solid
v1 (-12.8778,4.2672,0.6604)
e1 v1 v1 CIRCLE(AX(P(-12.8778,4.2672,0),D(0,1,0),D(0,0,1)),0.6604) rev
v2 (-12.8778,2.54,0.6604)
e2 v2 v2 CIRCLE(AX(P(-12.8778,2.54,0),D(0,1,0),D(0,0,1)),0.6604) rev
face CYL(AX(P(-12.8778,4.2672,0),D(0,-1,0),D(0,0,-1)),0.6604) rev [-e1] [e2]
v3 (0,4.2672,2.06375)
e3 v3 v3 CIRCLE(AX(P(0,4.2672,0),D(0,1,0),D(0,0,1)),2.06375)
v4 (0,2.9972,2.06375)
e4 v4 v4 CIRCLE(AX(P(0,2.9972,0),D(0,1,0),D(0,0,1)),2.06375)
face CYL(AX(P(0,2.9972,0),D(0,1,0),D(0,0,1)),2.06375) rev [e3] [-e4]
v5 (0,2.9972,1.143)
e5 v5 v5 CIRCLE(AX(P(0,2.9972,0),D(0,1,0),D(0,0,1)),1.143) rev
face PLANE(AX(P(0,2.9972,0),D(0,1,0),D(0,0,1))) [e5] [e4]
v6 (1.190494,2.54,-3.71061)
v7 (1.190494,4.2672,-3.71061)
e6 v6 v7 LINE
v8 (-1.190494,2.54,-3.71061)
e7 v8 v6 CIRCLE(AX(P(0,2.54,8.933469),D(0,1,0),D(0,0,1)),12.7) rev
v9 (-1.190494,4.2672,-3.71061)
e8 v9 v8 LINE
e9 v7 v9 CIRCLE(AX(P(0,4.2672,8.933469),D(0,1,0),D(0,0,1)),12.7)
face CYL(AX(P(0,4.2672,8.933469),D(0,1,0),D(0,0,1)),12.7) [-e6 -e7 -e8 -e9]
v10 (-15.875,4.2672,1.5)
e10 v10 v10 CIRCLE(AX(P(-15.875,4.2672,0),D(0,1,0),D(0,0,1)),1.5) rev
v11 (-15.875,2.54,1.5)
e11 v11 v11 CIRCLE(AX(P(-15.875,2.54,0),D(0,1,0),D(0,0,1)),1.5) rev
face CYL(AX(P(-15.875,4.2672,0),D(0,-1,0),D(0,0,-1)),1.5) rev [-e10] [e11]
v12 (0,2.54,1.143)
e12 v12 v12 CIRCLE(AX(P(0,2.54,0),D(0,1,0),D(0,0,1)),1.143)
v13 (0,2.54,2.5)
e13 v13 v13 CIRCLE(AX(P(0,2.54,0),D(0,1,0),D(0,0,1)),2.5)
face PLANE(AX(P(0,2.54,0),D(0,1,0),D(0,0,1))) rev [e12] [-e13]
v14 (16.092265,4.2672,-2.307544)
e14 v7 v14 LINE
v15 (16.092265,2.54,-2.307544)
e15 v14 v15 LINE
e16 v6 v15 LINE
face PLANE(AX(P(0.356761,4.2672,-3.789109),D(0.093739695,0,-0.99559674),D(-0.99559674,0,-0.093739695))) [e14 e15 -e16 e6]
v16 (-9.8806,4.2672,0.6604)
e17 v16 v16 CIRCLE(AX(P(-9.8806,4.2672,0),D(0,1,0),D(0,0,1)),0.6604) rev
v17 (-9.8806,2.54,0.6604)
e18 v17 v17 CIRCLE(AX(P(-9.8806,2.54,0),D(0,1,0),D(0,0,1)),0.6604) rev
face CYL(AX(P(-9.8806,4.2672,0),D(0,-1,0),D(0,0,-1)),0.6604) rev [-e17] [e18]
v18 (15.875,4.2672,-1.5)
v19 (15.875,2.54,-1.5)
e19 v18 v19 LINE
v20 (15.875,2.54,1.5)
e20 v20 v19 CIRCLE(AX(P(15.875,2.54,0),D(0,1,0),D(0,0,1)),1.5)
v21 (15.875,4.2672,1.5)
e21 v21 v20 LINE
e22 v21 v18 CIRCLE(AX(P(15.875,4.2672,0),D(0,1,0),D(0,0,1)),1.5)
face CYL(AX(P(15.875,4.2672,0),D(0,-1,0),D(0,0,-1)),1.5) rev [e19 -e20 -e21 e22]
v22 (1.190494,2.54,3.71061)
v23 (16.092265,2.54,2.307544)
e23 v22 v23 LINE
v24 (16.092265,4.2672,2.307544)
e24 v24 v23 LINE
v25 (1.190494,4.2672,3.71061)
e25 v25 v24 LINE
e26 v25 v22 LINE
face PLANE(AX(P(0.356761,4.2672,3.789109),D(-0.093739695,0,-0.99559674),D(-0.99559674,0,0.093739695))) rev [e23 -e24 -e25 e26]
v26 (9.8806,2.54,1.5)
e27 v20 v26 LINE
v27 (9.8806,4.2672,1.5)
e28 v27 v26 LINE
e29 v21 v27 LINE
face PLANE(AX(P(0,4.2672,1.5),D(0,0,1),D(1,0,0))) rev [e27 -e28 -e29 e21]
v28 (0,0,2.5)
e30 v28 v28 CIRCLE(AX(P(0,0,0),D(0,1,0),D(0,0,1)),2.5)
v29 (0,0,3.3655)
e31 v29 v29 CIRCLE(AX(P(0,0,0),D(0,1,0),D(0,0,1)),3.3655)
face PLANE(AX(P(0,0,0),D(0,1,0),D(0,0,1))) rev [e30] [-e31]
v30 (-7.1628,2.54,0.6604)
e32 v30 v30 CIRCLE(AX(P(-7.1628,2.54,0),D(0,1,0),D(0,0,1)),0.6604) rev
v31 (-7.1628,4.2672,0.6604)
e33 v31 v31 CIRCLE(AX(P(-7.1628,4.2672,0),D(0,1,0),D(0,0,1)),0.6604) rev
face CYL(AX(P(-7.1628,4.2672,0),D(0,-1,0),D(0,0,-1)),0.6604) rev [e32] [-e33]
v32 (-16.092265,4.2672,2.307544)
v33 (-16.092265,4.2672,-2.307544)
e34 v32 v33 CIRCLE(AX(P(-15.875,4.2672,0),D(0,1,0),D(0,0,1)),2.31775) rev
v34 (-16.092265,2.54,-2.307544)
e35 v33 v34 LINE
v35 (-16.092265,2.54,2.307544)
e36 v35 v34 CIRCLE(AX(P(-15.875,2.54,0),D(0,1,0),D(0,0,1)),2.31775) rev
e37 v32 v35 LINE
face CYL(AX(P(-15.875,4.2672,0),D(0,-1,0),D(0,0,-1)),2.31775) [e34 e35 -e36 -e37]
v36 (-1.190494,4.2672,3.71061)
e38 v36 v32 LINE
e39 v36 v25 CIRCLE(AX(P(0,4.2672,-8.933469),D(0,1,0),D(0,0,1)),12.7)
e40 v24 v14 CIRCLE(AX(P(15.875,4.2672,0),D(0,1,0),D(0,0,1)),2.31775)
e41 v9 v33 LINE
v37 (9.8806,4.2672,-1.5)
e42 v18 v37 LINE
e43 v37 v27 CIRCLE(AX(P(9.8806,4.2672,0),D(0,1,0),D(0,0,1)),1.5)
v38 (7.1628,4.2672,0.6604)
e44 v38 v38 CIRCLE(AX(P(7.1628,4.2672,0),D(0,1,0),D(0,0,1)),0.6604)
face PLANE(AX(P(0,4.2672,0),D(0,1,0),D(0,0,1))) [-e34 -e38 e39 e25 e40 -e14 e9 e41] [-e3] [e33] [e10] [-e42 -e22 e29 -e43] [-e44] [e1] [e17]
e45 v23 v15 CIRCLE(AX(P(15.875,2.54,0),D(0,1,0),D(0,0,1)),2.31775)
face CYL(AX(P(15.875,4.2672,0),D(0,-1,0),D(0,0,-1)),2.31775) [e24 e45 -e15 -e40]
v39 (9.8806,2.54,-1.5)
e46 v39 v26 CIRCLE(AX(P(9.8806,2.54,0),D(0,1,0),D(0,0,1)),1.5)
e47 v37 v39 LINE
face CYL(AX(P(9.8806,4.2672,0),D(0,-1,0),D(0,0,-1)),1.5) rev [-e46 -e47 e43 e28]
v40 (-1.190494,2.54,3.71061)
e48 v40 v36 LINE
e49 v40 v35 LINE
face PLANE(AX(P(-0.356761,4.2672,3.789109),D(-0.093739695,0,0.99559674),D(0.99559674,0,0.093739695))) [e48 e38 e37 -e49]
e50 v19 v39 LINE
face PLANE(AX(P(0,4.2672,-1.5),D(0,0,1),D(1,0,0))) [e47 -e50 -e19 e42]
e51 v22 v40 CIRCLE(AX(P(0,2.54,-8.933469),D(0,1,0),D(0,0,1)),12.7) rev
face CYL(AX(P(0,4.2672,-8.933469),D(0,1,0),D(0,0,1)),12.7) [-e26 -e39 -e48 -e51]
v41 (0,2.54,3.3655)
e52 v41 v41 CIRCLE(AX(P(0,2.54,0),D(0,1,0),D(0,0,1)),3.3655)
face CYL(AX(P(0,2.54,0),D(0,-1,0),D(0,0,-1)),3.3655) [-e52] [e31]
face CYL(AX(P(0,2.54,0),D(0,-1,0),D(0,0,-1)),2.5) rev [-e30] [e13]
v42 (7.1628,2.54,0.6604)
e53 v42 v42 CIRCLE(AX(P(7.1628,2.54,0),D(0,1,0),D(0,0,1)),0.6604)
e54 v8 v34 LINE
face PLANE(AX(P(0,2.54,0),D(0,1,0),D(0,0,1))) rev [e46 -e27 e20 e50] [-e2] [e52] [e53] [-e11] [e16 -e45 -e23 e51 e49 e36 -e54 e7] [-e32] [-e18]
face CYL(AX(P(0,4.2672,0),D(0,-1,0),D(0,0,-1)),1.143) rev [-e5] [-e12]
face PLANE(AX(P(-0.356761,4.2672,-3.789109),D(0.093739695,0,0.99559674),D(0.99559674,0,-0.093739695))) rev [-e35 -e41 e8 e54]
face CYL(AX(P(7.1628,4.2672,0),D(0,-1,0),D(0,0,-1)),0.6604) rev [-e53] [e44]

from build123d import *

# Parameters (mm, degrees)
SKETCH1_R           = 3.3655
SKETCH1_R_2         = 2.5
BOSS_EXTRUDE1_DEPTH = 2.54
SKETCH2_R           = 1.143
SKETCH2_R_2         = 0.6604
SKETCH2_R_3         = 1.5
BOSS_EXTRUDE2_DEPTH = 1.7272
FILLET1_R           = 12.7
CUT_EXTRUDE1_START  = -1.27
SKETCH3_R           = 2.06375
SKETCH3_R_2         = 1.143
CUT_EXTRUDE1_DEPTH  = 1.27


with BuildPart() as part:
    # Sketch1 → Boss-Extrude1 (new body)
    with BuildSketch(Plane(origin=(0, 0, 0), x_dir=(1, 0, 0), z_dir=(0, 1, 0))):
        with Locations(Location((0, 0, 0), (0, 0, 270))):
            Circle(SKETCH1_R)
        with Locations(Location((0, 0, 0), (0, 0, 270))):
            Circle(SKETCH1_R_2, mode=Mode.SUBTRACT)
    extrude(amount=BOSS_EXTRUDE1_DEPTH)

    # Sketch2 → Boss-Extrude2 (add)
    with BuildSketch(Plane(origin=(0, 2.54, 0), x_dir=(1, 0, 0), z_dir=(0, 1, 0))):
        with BuildLine():
            Line((0, 3.8227), (-16.092265178, 2.307544345))
            ThreePointArc((-16.092265178, 2.307544345), (-18.19275, 0), (-16.092265178, -2.307544345))
            Line((-16.092265178, -2.307544345), (0, -3.8227))
            Line((0, -3.8227), (16.092265178, -2.307544345))
            ThreePointArc((16.092265178, -2.307544345), (18.19275, 0), (16.092265178, 2.307544345))
            Line((16.092265178, 2.307544345), (0, 3.8227))
        make_face()
        with BuildLine():
            ThreePointArc((9.8806, -1.5), (8.3806, 0), (9.8806, 1.5))
            Line((9.8806, 1.5), (15.875, 1.5))
            ThreePointArc((15.875, 1.5), (17.375, 0), (15.875, -1.5))
            Line((15.875, -1.5), (9.8806, -1.5))
        make_face(mode=Mode.SUBTRACT)
        with Locations(Location((0, 0, 0), (0, 0, 270))):
            Circle(SKETCH2_R, mode=Mode.SUBTRACT)
        with Locations(Location((7.1628, 0, 0), (0, 0, 270))):
            Circle(SKETCH2_R_2, mode=Mode.SUBTRACT)
        with Locations(Location((-7.1628, 0, 0), (0, 0, 270))):
            Circle(SKETCH2_R_2, mode=Mode.SUBTRACT)
        with Locations(Location((-12.8778, 0, 0), (0, 0, 270))):
            Circle(SKETCH2_R_2, mode=Mode.SUBTRACT)
        with Locations(Location((-9.8806, 0, 0), (0, 0, 270))):
            Circle(SKETCH2_R_2, mode=Mode.SUBTRACT)
        with Locations(Location((-15.875, 0, 0), (0, 0, 270))):
            Circle(SKETCH2_R_3, mode=Mode.SUBTRACT)
    extrude(amount=BOSS_EXTRUDE2_DEPTH)

    # Fillet1
    fillet1_edges = [part.edges().sort_by_distance(p)[0] for p in [
        (0, 3.4036, 3.8227),
        (0, 3.4036, -3.8227),
    ]]
    fillet(fillet1_edges, radius=FILLET1_R)

    # Sketch3 → Cut-Extrude1 (cut)
    with BuildSketch(Plane(origin=(0, 4.2672, 0), x_dir=(1, 0, 0), z_dir=(0, 1, 0)).offset(CUT_EXTRUDE1_START)):
        with Locations(Location((0, 0, 0), (0, 0, 270))):
            Circle(SKETCH3_R)
        with Locations(Location((0, 0, 0), (0, 0, 270))):
            Circle(SKETCH3_R_2, mode=Mode.SUBTRACT)
    extrude(amount=CUT_EXTRUDE1_DEPTH, mode=Mode.SUBTRACT)


solid = part.part
